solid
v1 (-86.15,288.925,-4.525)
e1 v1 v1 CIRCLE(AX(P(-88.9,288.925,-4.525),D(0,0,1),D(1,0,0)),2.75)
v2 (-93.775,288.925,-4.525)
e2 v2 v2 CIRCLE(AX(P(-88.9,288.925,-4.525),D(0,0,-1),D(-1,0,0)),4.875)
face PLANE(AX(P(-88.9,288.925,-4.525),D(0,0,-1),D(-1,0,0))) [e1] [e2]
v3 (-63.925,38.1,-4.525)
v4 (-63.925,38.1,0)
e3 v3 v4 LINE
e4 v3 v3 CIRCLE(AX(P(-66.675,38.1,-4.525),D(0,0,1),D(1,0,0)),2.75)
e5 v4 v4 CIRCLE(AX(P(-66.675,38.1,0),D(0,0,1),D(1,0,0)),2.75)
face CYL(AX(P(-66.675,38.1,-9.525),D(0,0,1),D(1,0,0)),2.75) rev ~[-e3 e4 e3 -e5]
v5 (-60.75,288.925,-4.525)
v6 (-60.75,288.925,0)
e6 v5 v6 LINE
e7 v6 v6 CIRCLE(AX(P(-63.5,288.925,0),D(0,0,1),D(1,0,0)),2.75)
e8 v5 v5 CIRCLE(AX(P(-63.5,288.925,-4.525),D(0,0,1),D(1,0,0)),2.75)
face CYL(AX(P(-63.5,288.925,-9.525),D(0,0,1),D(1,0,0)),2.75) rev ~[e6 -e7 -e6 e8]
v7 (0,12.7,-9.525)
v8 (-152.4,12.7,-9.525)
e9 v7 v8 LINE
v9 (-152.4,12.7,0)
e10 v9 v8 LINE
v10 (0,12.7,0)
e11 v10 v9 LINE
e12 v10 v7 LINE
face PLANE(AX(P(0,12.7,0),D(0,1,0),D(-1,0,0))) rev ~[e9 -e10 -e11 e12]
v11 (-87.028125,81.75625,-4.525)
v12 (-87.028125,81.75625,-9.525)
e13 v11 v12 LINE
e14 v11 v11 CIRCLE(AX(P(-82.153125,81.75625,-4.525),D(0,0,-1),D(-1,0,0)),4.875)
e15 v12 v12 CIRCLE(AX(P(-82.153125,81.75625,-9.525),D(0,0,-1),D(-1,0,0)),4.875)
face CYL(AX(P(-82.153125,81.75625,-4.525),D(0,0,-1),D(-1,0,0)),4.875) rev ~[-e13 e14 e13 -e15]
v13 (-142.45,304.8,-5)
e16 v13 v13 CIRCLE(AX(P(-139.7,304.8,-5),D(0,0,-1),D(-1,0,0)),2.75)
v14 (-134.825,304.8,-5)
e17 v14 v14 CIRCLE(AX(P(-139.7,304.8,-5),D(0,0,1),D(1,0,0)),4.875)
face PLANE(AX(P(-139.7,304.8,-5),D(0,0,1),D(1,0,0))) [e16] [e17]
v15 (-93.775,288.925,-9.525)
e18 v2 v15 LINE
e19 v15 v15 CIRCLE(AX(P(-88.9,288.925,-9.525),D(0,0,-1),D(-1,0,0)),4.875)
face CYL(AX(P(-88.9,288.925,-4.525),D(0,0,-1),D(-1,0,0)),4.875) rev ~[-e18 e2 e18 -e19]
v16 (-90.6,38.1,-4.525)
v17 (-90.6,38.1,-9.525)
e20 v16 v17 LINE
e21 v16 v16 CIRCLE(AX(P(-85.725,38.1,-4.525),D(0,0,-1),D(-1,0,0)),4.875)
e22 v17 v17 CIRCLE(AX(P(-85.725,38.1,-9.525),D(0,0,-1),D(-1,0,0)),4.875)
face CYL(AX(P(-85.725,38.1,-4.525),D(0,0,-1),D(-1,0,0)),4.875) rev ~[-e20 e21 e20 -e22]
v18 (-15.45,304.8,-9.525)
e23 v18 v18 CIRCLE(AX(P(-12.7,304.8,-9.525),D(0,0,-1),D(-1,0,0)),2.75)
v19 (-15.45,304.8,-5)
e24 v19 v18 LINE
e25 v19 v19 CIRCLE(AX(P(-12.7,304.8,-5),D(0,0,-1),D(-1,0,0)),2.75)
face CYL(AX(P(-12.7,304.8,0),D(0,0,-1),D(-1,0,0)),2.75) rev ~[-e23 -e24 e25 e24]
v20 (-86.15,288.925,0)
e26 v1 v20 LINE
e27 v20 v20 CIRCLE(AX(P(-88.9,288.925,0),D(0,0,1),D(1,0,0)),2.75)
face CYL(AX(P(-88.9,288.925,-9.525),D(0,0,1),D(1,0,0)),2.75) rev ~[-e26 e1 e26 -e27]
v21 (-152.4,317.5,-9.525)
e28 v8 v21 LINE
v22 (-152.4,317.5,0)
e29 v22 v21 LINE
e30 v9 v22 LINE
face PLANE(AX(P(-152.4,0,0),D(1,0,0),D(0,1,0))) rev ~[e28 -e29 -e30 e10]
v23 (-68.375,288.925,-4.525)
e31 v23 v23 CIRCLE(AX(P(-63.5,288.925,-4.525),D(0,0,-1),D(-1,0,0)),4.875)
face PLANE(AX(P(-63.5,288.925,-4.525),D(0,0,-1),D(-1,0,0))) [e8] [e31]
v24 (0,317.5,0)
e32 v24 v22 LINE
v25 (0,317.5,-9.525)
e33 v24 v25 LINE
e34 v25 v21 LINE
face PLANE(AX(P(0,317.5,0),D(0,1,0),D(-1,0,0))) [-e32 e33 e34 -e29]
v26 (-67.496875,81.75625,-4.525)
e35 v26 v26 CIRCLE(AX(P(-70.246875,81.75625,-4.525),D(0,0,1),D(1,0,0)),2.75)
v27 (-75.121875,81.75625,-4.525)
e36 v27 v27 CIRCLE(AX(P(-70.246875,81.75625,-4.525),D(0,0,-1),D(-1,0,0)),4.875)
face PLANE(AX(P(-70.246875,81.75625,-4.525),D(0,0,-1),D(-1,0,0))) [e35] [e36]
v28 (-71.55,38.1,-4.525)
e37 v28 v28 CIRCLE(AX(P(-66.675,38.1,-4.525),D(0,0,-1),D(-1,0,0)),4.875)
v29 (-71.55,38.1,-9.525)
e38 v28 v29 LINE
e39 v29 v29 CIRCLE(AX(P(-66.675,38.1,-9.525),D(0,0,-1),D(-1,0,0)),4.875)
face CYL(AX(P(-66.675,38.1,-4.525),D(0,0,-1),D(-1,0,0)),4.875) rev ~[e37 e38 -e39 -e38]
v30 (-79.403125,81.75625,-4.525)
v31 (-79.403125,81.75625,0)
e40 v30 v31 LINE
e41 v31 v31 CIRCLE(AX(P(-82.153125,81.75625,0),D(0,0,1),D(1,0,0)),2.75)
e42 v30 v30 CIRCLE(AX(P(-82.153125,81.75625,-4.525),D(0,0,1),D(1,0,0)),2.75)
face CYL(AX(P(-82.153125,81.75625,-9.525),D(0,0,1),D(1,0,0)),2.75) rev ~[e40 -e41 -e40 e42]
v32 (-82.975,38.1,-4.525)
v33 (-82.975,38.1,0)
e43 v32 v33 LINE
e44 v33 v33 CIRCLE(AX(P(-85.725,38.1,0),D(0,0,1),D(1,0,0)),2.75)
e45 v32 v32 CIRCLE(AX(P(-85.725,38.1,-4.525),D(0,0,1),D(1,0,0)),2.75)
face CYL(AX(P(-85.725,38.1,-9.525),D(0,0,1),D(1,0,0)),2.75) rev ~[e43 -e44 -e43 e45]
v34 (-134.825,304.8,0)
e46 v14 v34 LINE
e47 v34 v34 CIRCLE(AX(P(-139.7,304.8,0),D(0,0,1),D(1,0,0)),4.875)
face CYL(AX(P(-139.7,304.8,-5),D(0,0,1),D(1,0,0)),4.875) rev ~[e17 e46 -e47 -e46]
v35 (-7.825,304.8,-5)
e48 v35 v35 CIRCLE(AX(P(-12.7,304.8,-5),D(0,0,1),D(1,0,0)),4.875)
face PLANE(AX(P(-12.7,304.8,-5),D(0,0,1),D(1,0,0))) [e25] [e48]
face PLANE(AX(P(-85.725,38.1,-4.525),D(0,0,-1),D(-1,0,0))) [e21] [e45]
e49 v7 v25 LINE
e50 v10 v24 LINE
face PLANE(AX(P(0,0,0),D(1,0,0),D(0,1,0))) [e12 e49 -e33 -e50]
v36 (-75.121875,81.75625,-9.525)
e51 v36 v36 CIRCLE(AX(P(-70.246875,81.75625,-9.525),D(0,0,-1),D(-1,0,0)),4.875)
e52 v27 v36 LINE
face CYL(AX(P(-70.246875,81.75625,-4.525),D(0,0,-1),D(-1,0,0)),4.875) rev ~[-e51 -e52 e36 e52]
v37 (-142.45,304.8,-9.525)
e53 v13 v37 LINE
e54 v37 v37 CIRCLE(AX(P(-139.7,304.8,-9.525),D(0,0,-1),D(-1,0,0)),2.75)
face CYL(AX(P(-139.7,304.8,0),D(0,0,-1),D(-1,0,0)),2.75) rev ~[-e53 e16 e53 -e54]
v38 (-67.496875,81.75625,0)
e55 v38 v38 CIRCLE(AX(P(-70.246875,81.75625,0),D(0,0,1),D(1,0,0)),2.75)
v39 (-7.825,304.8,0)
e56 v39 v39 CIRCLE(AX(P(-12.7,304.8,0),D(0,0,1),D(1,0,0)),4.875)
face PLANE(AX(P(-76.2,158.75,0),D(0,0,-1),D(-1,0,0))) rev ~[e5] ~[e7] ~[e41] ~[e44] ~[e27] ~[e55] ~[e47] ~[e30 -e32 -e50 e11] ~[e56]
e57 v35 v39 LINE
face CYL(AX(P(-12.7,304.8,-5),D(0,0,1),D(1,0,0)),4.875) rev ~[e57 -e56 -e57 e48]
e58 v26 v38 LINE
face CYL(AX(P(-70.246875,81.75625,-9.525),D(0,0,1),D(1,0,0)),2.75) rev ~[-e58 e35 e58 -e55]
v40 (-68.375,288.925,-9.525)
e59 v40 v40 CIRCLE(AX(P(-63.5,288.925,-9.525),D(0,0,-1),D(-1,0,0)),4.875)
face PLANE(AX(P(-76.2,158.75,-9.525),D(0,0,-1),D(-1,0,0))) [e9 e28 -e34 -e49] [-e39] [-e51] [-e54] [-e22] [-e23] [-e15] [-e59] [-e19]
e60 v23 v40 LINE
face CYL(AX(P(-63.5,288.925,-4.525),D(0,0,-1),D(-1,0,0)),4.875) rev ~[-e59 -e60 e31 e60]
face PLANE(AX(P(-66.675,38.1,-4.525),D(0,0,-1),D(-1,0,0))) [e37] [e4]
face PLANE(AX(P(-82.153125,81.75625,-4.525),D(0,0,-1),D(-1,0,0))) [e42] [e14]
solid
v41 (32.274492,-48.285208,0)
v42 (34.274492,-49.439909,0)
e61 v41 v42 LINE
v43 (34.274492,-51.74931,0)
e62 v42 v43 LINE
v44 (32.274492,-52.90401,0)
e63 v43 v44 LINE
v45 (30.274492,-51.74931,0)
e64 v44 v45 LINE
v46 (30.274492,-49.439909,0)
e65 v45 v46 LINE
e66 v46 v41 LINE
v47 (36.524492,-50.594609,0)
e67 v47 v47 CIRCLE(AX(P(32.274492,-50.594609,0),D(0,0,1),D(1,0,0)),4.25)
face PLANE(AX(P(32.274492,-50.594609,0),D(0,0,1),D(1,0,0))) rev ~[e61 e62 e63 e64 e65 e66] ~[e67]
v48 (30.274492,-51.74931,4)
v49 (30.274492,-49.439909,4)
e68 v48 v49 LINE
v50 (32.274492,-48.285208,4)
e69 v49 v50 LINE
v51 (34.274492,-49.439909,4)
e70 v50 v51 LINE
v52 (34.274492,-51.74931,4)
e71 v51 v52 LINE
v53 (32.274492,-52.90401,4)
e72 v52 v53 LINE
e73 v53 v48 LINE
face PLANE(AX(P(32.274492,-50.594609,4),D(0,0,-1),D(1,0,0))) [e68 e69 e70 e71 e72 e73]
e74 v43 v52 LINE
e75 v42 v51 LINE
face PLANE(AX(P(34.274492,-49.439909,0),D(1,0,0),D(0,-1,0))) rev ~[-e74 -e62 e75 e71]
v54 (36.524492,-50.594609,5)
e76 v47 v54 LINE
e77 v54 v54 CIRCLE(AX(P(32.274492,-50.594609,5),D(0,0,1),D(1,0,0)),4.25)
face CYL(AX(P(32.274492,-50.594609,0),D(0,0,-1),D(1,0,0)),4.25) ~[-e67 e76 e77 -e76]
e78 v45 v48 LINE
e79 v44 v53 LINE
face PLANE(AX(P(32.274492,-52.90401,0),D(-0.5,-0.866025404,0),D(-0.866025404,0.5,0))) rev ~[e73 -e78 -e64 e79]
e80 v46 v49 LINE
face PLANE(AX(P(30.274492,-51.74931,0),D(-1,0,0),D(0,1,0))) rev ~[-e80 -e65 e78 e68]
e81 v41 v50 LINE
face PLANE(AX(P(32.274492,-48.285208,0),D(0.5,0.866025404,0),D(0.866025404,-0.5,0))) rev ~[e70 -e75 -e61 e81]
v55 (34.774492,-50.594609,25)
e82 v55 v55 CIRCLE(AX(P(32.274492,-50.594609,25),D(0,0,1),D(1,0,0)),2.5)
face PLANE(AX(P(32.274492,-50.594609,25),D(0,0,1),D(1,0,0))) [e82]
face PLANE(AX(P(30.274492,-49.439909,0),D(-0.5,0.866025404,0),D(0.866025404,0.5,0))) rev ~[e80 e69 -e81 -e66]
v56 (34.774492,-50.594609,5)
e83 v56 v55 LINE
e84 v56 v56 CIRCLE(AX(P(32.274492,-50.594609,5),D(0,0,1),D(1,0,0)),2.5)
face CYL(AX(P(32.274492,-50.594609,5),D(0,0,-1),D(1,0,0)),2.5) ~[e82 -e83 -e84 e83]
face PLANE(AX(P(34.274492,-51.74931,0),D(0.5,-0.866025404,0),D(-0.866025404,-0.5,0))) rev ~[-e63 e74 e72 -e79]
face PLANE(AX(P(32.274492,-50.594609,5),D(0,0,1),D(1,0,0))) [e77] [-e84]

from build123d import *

# Parameters (mm, degrees)
F0_W            = 152.4
F0_H            = 317.5
F1_DEPTH        = 9.525
F3_D            = 5.5
F3_CBORE_D      = 9.75
F3_CBORE_DEPTH  = 5
F4_DEPTH        = 12.7
F5_ANGLE        = 180
F6_R            = 4.25
F7_DEPTH        = 5
F8_R            = 2.5
F9_DEPTH        = 20
F11_DEPTH       = 4
F13_D           = 5.5
F13_CBORE_D     = 9.75
F13_CBORE_DEPTH = 5


with BuildPart() as f1:
    # F0 (on Top) → F1 (new body)
    with BuildSketch(Plane.XY):
        with Locations((76.2, 158.75)):
            Rectangle(F0_W, F0_H)
    extrude(amount=F1_DEPTH)

    # F3 (through all)
    with Locations(Plane.XY.offset(9.525)):
        with Locations((70.246875, 81.75625), (82.153125, 81.75625), (66.675, 38.1), (85.725, 38.1), (88.9, 288.925), (63.5, 288.925)):
            CounterBoreHole(F3_D / 2, F3_CBORE_D / 2, F3_CBORE_DEPTH)

    # F4 (cut): a face of the model
    f4_faces = [f1.faces().sort_by_distance(p)[0] for p in [
        (76.2, 0, 4.7625),
    ]]
    extrude(f4_faces, amount=-F4_DEPTH, mode=Mode.SUBTRACT)


with BuildPart() as f1_1:
    # F5: moved
    add(f1.part.rotate(Axis((0, 165.1, 0), (0, 1, 0)), F5_ANGLE))

    # F13 (through all)
    with Locations(Plane.XY):
        with Locations((-139.7, 304.8), (-12.7, 304.8)):
            CounterBoreHole(F13_D / 2, F13_CBORE_D / 2, F13_CBORE_DEPTH)


with BuildPart() as f7:
    # F6 (on Top) → F7 (new body)
    with BuildSketch(Plane.XY):
        with Locations((32.274492085, -50.5946092308)):
            Circle(F6_R)
    extrude(amount=F7_DEPTH)

    # F8 (on face) → F9 (join)
    with BuildSketch(Plane.XY.offset(5)):
        with Locations((32.274492085, -50.5946092308)):
            Circle(F8_R)
    extrude(amount=F9_DEPTH)

    # F10 (on face) → F11 (cut)
    with BuildSketch(Plane(origin=(0, 0, 0), x_dir=(1, 0, 0), z_dir=(0, 0, -1))):
        Polygon((34.274492085, 49.4399086924), (34.274492085, 51.7493097691), (32.274492085, 52.9040103075), (30.274492085, 51.7493097691), (30.274492085, 49.4399086924), (32.274492085, 48.285208154), align=None)
    extrude(amount=-F11_DEPTH, mode=Mode.SUBTRACT)


solid = Compound([f1_1.part, f7.part])
